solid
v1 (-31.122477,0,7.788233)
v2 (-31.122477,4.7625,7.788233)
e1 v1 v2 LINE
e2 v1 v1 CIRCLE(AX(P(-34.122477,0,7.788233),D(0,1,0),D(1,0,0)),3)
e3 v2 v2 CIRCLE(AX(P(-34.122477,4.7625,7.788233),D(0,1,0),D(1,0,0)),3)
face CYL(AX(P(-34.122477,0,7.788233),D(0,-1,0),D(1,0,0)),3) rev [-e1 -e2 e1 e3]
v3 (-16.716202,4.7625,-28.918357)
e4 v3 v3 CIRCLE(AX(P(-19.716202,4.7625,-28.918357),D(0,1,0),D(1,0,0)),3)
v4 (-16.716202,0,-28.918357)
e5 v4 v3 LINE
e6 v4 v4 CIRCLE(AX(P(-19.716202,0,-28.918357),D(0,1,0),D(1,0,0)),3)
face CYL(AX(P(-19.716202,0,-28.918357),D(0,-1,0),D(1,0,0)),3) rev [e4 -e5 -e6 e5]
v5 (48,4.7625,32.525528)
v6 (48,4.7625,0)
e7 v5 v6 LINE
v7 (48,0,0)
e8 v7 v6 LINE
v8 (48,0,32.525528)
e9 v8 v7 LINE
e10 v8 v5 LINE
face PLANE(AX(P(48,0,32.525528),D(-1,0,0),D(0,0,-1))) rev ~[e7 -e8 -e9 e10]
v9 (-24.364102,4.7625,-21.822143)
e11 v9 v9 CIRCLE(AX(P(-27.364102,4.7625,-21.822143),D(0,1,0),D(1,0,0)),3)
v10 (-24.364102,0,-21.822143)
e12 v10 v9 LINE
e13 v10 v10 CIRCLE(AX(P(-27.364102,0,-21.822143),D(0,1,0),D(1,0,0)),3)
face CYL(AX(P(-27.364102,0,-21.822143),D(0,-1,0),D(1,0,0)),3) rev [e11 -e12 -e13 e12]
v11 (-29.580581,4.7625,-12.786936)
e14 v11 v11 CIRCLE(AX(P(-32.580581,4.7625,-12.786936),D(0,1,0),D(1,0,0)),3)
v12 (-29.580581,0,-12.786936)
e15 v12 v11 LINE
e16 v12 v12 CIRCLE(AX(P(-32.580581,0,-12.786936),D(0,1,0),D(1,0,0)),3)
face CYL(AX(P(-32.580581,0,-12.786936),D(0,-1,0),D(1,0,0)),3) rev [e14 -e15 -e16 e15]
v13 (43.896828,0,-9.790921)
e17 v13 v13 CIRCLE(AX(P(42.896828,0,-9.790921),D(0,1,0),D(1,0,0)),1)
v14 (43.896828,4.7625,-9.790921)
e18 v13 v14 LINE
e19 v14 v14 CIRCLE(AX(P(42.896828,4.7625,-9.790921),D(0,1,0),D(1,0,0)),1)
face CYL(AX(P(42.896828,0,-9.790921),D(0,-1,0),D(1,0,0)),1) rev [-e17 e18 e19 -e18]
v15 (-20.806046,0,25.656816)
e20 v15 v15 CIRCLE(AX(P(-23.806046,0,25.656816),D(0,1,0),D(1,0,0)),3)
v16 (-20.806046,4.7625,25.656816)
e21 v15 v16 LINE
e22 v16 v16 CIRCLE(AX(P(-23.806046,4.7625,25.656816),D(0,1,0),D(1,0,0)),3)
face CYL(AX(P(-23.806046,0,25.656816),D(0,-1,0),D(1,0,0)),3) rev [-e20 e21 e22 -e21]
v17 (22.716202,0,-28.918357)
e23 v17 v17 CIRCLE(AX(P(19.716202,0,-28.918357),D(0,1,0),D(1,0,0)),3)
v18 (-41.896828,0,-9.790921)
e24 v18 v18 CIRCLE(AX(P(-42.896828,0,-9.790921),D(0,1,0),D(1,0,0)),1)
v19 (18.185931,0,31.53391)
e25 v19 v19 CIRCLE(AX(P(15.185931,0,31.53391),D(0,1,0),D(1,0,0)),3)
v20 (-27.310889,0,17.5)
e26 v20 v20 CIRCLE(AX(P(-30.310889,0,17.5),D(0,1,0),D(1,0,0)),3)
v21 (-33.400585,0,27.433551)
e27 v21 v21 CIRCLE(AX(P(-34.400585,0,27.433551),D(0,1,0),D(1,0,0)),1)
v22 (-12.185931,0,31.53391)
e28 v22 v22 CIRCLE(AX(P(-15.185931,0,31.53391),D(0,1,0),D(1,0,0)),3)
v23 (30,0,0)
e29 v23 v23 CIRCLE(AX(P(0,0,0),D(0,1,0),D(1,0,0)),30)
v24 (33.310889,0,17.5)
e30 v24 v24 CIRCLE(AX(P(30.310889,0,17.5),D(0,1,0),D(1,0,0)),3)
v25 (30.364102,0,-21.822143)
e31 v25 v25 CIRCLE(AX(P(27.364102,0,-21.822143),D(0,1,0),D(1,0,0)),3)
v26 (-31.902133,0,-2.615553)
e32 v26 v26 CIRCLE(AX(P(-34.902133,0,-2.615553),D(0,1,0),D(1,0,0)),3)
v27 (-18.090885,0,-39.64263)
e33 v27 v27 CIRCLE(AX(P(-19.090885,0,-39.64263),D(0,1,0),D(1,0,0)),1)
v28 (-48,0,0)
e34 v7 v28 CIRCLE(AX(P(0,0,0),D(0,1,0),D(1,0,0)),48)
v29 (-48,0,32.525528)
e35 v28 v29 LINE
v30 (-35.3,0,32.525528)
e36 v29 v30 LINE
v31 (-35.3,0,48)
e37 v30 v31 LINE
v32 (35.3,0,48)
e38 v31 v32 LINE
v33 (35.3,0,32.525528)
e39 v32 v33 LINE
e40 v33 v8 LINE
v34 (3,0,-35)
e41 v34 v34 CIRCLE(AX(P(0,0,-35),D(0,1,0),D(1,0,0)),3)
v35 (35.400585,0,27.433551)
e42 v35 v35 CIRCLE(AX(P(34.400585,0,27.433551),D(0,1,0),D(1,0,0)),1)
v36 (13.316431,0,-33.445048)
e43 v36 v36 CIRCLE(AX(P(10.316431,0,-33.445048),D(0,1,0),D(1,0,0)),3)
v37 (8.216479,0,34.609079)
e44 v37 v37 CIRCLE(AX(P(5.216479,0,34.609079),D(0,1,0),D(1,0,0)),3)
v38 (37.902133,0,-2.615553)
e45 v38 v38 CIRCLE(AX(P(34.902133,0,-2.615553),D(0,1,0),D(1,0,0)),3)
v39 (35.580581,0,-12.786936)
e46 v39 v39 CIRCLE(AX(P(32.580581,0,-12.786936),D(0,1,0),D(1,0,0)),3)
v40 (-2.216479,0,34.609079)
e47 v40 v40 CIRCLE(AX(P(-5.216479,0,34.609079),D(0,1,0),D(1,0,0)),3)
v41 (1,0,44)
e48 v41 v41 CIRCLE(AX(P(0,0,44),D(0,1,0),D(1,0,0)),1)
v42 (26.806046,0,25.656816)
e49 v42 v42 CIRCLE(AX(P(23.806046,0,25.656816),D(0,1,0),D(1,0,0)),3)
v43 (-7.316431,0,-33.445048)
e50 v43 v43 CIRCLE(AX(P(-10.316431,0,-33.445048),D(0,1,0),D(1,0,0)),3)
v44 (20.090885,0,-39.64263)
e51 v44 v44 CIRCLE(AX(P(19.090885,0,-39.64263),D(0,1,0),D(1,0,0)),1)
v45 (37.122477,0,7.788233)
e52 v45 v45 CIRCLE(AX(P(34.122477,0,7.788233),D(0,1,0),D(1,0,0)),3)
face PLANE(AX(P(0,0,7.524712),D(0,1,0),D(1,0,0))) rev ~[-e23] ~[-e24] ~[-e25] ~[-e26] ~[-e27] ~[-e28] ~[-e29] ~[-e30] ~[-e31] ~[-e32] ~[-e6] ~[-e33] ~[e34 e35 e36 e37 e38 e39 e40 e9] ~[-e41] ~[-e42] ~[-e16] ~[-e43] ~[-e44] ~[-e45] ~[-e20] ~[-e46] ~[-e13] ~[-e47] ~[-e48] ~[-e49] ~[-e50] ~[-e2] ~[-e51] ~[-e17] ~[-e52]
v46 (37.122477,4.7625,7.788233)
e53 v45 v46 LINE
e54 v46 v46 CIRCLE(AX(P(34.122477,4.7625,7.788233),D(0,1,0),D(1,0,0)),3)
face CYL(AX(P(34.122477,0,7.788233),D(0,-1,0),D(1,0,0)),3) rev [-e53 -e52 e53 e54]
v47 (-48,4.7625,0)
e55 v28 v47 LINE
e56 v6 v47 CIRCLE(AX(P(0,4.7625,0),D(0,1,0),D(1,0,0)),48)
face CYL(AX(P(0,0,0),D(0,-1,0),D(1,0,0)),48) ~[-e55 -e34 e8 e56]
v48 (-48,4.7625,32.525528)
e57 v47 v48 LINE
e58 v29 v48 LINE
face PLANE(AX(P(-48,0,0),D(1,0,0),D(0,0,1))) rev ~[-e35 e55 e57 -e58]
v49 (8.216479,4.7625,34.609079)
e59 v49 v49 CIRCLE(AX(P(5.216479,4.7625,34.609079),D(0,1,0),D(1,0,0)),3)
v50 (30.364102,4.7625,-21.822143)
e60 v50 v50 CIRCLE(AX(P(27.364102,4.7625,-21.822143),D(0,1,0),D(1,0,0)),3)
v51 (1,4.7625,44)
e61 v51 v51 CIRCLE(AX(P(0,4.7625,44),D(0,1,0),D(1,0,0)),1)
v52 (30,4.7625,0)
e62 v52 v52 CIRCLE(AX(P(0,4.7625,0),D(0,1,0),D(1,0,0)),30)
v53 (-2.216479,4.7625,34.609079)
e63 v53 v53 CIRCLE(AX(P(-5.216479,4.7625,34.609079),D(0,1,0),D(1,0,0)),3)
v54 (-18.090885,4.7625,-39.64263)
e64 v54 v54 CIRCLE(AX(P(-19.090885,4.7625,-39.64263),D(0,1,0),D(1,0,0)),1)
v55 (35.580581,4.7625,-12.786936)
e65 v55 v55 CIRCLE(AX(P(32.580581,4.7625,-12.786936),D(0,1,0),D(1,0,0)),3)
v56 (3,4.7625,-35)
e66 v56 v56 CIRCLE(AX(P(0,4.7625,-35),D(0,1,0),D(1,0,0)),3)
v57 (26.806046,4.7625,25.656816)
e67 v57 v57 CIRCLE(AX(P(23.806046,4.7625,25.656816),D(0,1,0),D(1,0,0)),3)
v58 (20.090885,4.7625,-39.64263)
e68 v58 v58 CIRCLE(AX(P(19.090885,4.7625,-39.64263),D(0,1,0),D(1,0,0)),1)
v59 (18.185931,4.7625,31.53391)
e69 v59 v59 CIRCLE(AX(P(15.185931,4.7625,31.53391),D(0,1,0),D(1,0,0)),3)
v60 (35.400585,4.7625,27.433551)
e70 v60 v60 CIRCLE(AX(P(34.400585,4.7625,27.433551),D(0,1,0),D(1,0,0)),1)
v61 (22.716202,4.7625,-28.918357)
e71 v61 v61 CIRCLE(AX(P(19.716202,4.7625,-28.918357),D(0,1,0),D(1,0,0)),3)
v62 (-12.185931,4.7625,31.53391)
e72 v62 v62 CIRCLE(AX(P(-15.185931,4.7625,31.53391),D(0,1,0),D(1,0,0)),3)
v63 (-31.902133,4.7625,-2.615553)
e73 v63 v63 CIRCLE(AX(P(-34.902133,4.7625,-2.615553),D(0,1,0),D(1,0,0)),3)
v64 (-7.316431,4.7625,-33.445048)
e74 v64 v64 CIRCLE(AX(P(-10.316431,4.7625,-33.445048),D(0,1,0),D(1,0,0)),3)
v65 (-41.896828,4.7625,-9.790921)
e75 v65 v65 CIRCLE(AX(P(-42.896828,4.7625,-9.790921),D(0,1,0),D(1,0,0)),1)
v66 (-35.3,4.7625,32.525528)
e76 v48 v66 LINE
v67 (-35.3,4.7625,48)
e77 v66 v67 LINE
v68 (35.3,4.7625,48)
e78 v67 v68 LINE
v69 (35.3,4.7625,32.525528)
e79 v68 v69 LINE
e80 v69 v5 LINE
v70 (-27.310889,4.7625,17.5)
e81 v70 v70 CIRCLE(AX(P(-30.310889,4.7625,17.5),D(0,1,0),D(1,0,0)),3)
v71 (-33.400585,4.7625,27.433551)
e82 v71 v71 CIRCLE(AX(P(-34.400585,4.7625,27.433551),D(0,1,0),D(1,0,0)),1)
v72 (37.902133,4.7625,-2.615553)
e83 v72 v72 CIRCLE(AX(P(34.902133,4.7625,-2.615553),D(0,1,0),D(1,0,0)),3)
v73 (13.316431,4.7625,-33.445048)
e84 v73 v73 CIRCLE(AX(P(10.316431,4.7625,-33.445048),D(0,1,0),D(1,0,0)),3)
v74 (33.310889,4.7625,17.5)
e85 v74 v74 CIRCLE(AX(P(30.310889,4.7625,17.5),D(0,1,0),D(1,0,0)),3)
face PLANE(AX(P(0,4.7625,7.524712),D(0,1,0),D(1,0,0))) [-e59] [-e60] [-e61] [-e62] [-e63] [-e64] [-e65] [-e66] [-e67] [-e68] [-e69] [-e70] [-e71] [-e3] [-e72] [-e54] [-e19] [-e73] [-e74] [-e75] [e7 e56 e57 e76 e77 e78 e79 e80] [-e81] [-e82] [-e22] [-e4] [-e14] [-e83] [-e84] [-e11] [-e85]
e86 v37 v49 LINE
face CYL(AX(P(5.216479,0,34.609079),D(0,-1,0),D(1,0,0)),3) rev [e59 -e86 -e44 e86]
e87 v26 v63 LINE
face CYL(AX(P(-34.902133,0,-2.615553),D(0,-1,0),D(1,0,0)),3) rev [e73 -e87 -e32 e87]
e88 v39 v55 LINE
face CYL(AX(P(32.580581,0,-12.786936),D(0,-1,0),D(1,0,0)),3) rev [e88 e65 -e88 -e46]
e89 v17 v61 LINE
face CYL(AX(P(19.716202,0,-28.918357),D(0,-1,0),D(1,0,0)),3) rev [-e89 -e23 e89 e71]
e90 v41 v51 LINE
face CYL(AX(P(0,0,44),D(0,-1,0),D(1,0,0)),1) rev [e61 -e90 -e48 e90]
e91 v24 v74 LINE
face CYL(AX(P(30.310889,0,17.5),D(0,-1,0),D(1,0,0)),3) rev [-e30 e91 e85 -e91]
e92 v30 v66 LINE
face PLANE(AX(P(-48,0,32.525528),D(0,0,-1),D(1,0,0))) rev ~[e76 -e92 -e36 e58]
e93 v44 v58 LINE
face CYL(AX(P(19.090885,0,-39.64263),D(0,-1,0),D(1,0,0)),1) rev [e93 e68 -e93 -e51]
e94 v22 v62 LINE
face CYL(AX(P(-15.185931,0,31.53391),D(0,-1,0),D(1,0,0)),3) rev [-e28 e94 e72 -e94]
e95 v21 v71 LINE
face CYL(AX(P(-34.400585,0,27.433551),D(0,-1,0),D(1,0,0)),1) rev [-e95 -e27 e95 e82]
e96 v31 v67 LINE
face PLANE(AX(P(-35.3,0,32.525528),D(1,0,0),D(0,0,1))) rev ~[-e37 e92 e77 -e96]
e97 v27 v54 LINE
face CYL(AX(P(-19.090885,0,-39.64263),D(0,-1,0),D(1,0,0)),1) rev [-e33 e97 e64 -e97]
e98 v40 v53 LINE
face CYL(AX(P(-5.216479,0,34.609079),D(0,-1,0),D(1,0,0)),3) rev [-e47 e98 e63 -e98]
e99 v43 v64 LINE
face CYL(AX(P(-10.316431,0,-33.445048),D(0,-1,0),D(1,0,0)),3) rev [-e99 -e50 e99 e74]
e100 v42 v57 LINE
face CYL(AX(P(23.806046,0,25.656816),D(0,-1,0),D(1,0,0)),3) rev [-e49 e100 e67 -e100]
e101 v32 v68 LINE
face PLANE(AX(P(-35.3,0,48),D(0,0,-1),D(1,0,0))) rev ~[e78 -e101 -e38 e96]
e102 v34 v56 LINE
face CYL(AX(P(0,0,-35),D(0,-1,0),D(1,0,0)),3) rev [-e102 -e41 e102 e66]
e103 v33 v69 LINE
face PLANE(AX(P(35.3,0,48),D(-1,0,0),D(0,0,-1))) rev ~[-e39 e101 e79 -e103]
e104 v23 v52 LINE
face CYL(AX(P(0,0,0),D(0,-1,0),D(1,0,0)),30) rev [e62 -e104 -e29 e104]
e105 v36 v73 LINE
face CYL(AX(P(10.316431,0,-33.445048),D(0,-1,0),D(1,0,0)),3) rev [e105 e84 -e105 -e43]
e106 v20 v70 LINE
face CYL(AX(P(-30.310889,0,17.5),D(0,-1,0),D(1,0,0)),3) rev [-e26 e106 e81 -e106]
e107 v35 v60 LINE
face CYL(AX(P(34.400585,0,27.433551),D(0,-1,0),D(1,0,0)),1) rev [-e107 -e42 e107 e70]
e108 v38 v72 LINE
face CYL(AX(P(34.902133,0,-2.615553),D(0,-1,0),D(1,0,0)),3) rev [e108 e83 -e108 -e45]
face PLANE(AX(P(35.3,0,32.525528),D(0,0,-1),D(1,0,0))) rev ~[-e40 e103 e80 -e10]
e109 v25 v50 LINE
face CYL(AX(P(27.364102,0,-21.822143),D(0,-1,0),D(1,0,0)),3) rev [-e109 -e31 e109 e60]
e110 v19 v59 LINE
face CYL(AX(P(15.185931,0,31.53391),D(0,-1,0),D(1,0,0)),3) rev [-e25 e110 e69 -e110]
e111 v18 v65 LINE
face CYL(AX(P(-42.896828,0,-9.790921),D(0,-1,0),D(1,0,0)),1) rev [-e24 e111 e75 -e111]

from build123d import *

# Parameters (mm, degrees)
SKETCH2_R           = 30
SKETCH2_R_2         = 3
SKETCH2_R_3         = 1
BOSS_EXTRUDE2_DEPTH = 4.7625


with BuildPart() as part:
    # Sketch2 → Boss-Extrude2 (new body)
    with BuildSketch(Plane(origin=(0, 0, 0), x_dir=(1, 0, 0), z_dir=(0, 1, 0))):
        with BuildLine():
            Line((-48, 0), (-48, -32.525528435))
            Line((-48, -32.525528435), (-35.3, -32.525528435))
            Line((-35.3, -32.525528435), (-35.3, -48))
            Line((-35.3, -48), (35.3, -48))
            Line((35.3, -48), (35.3, -32.525528435))
            Line((35.3, -32.525528435), (48, -32.525528435))
            Line((48, -32.525528435), (48, 0))
            ThreePointArc((48, 0), (0, 48), (-48, 0))
        make_face()
        Circle(SKETCH2_R, mode=Mode.SUBTRACT)
        with Locations((-34.902132901, 2.615553276)):
            Circle(SKETCH2_R_2, mode=Mode.SUBTRACT)
        with Locations((0, 35)):
            Circle(SKETCH2_R_2, mode=Mode.SUBTRACT)
        with Locations((-42.896828136, 9.790921094)):
            Circle(SKETCH2_R_3, mode=Mode.SUBTRACT)
        with Locations((-32.580581203, 12.786935853)):
            Circle(SKETCH2_R_2, mode=Mode.SUBTRACT)
        with Locations((-27.364101886, 21.822143065)):
            Circle(SKETCH2_R_2, mode=Mode.SUBTRACT)
        with Locations((-19.716202032, 28.918357101)):
            Circle(SKETCH2_R_2, mode=Mode.SUBTRACT)
        with Locations((-10.316431104, 33.445048203)):
            Circle(SKETCH2_R_2, mode=Mode.SUBTRACT)
        with Locations((-19.090884521, 39.642630188)):
            Circle(SKETCH2_R_3, mode=Mode.SUBTRACT)
        with Locations((34.902132901, 2.615553276)):
            Circle(SKETCH2_R_2, mode=Mode.SUBTRACT)
        with Locations((30.310889132, -17.5)):
            Circle(SKETCH2_R_2, mode=Mode.SUBTRACT)
        with Locations((34.122476926, -7.788232688)):
            Circle(SKETCH2_R_2, mode=Mode.SUBTRACT)
        with Locations((-34.400585229, -27.433551282)):
            Circle(SKETCH2_R_3, mode=Mode.SUBTRACT)
        with Locations((-15.185930869, -31.533910377)):
            Circle(SKETCH2_R_2, mode=Mode.SUBTRACT)
        with Locations((-23.806045822, -25.656815514)):
            Circle(SKETCH2_R_2, mode=Mode.SUBTRACT)
        with Locations((-5.216479316, -34.609078918)):
            Circle(SKETCH2_R_2, mode=Mode.SUBTRACT)
        with Locations((-30.310889132, -17.5)):
            Circle(SKETCH2_R_2, mode=Mode.SUBTRACT)
        with Locations((-34.122476926, -7.788232688)):
            Circle(SKETCH2_R_2, mode=Mode.SUBTRACT)
        with Locations((0, -44)):
            Circle(SKETCH2_R_3, mode=Mode.SUBTRACT)
        with Locations((5.216479316, -34.609078918)):
            Circle(SKETCH2_R_2, mode=Mode.SUBTRACT)
        with Locations((15.185930869, -31.533910377)):
            Circle(SKETCH2_R_2, mode=Mode.SUBTRACT)
        with Locations((23.806045822, -25.656815514)):
            Circle(SKETCH2_R_2, mode=Mode.SUBTRACT)
        with Locations((34.400585229, -27.433551282)):
            Circle(SKETCH2_R_3, mode=Mode.SUBTRACT)
        with Locations((19.716202032, 28.918357101)):
            Circle(SKETCH2_R_2, mode=Mode.SUBTRACT)
        with Locations((19.090884521, 39.642630188)):
            Circle(SKETCH2_R_3, mode=Mode.SUBTRACT)
        with Locations((27.364101886, 21.822143065)):
            Circle(SKETCH2_R_2, mode=Mode.SUBTRACT)
        with Locations((10.316431104, 33.445048203)):
            Circle(SKETCH2_R_2, mode=Mode.SUBTRACT)
        with Locations((42.896828136, 9.790921094)):
            Circle(SKETCH2_R_3, mode=Mode.SUBTRACT)
        with Locations((32.580581203, 12.786935853)):
            Circle(SKETCH2_R_2, mode=Mode.SUBTRACT)
    extrude(amount=BOSS_EXTRUDE2_DEPTH)


solid = part.part
